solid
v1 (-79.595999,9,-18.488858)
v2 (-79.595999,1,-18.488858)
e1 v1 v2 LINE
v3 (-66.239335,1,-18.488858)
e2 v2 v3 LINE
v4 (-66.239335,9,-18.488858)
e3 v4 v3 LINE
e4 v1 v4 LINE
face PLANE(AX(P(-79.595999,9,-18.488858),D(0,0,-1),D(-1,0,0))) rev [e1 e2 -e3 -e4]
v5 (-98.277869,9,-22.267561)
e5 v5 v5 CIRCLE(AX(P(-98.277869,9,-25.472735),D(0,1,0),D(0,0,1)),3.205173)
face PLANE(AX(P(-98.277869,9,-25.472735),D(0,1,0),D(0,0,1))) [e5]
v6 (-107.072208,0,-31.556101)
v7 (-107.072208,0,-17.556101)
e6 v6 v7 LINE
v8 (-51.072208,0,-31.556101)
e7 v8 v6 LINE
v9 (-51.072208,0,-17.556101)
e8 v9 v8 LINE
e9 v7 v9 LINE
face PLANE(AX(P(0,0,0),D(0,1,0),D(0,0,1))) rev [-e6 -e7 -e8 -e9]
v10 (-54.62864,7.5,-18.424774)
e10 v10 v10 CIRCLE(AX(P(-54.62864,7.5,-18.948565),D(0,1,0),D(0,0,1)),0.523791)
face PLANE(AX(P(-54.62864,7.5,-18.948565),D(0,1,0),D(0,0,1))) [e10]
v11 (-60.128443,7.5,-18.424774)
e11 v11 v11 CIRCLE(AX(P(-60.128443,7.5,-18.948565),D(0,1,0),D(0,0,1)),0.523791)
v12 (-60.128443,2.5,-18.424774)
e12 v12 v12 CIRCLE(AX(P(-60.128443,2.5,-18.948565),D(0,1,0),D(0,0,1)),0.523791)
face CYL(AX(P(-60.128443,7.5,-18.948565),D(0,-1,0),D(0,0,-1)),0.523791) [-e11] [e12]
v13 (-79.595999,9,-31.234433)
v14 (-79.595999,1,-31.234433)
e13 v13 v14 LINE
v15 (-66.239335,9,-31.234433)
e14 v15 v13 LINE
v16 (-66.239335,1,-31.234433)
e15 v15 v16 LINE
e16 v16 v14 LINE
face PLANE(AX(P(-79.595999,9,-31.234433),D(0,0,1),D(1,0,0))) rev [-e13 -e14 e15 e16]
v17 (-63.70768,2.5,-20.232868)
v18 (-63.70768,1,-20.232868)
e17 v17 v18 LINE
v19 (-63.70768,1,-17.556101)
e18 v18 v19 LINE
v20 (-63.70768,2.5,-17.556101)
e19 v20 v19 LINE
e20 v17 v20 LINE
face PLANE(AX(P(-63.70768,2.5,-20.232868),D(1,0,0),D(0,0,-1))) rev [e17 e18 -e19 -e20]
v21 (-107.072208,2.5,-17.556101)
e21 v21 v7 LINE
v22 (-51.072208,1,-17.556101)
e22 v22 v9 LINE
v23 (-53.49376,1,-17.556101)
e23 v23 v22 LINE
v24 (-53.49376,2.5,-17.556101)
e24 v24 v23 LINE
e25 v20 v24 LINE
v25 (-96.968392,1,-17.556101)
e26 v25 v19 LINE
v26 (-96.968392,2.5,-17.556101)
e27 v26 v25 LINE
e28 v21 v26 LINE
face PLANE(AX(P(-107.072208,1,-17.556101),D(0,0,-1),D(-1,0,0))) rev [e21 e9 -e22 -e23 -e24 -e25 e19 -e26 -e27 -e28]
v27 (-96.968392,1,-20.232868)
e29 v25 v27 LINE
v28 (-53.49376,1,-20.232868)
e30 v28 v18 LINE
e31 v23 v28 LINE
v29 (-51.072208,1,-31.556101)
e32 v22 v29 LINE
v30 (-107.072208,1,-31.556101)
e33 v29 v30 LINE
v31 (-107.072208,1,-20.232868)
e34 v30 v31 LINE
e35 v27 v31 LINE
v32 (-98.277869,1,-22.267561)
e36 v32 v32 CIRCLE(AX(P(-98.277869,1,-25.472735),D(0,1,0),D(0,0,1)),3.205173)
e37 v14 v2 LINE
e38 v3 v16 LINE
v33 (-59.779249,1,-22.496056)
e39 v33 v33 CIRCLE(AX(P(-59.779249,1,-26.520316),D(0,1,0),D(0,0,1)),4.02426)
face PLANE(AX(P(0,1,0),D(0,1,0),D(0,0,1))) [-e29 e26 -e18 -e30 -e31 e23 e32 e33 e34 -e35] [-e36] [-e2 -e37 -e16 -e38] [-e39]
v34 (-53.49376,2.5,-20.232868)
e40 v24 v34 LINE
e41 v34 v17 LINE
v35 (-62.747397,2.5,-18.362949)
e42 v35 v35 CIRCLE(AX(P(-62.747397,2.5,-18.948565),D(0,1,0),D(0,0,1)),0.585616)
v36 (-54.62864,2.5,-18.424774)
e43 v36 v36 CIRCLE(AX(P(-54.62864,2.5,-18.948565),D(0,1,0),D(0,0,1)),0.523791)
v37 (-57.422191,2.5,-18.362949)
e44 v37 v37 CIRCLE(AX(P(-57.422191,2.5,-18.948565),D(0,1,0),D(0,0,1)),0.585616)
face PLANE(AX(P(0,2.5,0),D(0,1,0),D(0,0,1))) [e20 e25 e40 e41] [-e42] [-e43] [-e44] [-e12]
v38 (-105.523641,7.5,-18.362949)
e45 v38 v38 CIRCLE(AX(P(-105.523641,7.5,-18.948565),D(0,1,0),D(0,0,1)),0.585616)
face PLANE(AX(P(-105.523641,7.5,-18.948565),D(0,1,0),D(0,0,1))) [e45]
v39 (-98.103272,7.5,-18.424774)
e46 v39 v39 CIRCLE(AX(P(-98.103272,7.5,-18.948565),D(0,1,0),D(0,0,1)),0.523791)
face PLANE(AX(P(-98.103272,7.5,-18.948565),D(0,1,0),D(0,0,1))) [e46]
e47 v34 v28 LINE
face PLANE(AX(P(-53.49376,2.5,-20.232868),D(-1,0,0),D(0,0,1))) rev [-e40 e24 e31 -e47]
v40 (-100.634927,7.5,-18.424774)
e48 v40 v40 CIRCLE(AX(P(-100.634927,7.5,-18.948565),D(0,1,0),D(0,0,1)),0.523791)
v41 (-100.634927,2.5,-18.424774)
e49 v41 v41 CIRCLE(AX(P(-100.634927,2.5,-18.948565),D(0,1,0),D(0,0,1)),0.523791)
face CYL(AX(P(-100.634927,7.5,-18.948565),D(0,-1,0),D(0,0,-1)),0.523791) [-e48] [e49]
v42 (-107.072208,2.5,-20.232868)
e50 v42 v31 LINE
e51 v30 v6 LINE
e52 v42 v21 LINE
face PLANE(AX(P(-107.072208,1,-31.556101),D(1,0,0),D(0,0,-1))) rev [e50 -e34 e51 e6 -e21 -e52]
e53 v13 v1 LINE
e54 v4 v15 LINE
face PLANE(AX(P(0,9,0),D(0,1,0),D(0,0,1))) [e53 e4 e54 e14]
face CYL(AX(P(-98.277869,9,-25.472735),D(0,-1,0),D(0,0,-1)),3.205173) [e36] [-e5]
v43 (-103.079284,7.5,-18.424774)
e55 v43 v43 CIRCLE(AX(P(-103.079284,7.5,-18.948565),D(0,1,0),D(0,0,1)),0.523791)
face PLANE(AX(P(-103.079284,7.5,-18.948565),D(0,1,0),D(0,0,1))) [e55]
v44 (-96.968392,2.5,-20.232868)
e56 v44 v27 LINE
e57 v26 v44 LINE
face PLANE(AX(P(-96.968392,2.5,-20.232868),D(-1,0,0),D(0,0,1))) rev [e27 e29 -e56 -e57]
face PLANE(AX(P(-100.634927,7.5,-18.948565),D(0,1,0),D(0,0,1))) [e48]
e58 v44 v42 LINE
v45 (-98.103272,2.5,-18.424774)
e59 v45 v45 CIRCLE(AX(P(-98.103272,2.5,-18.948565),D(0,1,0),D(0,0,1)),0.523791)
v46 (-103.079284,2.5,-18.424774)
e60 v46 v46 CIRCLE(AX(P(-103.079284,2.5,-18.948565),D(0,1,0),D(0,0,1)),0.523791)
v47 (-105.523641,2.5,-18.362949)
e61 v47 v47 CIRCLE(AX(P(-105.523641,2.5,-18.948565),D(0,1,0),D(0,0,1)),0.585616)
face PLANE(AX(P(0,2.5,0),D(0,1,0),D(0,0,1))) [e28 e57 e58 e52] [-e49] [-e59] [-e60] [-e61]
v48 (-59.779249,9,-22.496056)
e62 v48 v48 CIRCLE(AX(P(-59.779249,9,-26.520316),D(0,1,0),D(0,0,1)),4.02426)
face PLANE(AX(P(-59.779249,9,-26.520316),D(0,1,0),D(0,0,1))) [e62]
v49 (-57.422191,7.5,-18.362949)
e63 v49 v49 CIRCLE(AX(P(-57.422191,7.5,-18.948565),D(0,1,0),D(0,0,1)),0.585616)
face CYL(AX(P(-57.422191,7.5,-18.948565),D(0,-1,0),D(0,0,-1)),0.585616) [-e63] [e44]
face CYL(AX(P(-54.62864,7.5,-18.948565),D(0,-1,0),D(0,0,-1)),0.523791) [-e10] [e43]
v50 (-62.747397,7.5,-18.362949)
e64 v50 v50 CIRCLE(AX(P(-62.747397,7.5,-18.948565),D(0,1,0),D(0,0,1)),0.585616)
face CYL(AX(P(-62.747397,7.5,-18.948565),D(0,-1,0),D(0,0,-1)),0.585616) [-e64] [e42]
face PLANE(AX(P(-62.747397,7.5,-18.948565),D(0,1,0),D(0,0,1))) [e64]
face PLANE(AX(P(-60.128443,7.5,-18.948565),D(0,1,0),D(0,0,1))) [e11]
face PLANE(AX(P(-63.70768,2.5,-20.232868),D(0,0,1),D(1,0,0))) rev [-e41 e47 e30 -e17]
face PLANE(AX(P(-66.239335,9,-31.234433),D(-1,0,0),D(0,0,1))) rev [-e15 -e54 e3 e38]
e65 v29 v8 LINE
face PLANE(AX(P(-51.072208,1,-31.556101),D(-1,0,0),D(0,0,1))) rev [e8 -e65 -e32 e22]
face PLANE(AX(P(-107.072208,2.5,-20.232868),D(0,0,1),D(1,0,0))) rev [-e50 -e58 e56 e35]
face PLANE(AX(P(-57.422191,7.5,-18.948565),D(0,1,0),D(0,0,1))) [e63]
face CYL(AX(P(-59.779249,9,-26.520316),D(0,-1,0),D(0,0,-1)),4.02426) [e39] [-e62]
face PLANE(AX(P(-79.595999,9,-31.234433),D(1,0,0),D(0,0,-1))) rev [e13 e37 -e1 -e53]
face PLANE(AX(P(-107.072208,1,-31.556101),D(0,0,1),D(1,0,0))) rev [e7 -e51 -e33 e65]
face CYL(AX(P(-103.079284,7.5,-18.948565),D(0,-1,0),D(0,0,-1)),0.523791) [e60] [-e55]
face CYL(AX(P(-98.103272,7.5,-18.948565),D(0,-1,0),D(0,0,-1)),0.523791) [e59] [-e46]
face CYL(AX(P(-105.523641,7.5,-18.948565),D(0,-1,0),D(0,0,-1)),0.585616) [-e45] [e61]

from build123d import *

# Parameters (mm, degrees)
SKETCH1_W           = 56
SKETCH1_H           = 14
BOSS_EXTRUDE1_DEPTH = 1
SKETCH2_R           = 3.20517332
SKETCH2_R_2         = 4.024260076
SKETCH2_W           = 13.356664084
SKETCH2_H           = 12.745574878
BOSS_EXTRUDE2_DEPTH = 8
SKETCH3_W           = 10.103816096
SKETCH3_H           = 2.676767311
SKETCH3_W_2         = 10.213919594
BOSS_EXTRUDE4_DEPTH = 1.5
SKETCH4_R           = 0.58561586
SKETCH4_R_2         = 0.523790748
BOSS_EXTRUDE5_DEPTH = 5


with BuildPart() as part:
    # Sketch1 → Boss-Extrude1 (new body)
    with BuildSketch(Plane(origin=(0, 0, 0), x_dir=(1, 0, 0), z_dir=(0, 1, 0))):
        with Locations((-79.072208288, 24.556101007)):
            Rectangle(SKETCH1_W, SKETCH1_H)
    extrude(amount=BOSS_EXTRUDE1_DEPTH)

    # Sketch2 → Boss-Extrude2 (add)
    with BuildSketch(Plane(origin=(0, 1, 0), x_dir=(1, 0, 0), z_dir=(0, 1, 0))):
        with Locations((-98.277869063, 25.472734817)):
            Circle(SKETCH2_R)
        with Locations((-59.779249055, 26.520316314)):
            Circle(SKETCH2_R_2)
        with Locations((-72.917666994, 24.86164561)):
            Rectangle(SKETCH2_W, SKETCH2_H)
    extrude(amount=BOSS_EXTRUDE2_DEPTH)

    # Sketch3 → Boss-Extrude4 (add)
    with BuildSketch(Plane(origin=(0, 1, 0), x_dir=(1, 0, 0), z_dir=(0, 1, 0))):
        with Locations((-102.02030024, 18.894484663)):
            Rectangle(SKETCH3_W, SKETCH3_H)
        with Locations((-58.600719871, 18.894484663)):
            Rectangle(SKETCH3_W_2, SKETCH3_H)
    extrude(amount=BOSS_EXTRUDE4_DEPTH)

    # Sketch4 → Boss-Extrude5 (add)
    with BuildSketch(Plane(origin=(0, 2.5, 0), x_dir=(1, 0, 0), z_dir=(0, 1, 0))):
        with Locations((-105.523641083, 18.948565176)):
            Circle(SKETCH4_R)
        with Locations((-103.079284257, 18.948565176)):
            Circle(SKETCH4_R_2)
        with Locations((-100.634927431, 18.948565176)):
            Circle(SKETCH4_R_2)
        with Locations((-98.103272147, 18.948565176)):
            Circle(SKETCH4_R_2)
        with Locations((-62.747396629, 18.948565176)):
            Circle(SKETCH4_R)
        with Locations((-60.128442887, 18.948565176)):
            Circle(SKETCH4_R_2)
        with Locations((-57.422190687, 18.948565176)):
            Circle(SKETCH4_R)
        with Locations((-54.628640029, 18.948565176)):
            Circle(SKETCH4_R_2)
    extrude(amount=BOSS_EXTRUDE5_DEPTH)


solid = part.part
